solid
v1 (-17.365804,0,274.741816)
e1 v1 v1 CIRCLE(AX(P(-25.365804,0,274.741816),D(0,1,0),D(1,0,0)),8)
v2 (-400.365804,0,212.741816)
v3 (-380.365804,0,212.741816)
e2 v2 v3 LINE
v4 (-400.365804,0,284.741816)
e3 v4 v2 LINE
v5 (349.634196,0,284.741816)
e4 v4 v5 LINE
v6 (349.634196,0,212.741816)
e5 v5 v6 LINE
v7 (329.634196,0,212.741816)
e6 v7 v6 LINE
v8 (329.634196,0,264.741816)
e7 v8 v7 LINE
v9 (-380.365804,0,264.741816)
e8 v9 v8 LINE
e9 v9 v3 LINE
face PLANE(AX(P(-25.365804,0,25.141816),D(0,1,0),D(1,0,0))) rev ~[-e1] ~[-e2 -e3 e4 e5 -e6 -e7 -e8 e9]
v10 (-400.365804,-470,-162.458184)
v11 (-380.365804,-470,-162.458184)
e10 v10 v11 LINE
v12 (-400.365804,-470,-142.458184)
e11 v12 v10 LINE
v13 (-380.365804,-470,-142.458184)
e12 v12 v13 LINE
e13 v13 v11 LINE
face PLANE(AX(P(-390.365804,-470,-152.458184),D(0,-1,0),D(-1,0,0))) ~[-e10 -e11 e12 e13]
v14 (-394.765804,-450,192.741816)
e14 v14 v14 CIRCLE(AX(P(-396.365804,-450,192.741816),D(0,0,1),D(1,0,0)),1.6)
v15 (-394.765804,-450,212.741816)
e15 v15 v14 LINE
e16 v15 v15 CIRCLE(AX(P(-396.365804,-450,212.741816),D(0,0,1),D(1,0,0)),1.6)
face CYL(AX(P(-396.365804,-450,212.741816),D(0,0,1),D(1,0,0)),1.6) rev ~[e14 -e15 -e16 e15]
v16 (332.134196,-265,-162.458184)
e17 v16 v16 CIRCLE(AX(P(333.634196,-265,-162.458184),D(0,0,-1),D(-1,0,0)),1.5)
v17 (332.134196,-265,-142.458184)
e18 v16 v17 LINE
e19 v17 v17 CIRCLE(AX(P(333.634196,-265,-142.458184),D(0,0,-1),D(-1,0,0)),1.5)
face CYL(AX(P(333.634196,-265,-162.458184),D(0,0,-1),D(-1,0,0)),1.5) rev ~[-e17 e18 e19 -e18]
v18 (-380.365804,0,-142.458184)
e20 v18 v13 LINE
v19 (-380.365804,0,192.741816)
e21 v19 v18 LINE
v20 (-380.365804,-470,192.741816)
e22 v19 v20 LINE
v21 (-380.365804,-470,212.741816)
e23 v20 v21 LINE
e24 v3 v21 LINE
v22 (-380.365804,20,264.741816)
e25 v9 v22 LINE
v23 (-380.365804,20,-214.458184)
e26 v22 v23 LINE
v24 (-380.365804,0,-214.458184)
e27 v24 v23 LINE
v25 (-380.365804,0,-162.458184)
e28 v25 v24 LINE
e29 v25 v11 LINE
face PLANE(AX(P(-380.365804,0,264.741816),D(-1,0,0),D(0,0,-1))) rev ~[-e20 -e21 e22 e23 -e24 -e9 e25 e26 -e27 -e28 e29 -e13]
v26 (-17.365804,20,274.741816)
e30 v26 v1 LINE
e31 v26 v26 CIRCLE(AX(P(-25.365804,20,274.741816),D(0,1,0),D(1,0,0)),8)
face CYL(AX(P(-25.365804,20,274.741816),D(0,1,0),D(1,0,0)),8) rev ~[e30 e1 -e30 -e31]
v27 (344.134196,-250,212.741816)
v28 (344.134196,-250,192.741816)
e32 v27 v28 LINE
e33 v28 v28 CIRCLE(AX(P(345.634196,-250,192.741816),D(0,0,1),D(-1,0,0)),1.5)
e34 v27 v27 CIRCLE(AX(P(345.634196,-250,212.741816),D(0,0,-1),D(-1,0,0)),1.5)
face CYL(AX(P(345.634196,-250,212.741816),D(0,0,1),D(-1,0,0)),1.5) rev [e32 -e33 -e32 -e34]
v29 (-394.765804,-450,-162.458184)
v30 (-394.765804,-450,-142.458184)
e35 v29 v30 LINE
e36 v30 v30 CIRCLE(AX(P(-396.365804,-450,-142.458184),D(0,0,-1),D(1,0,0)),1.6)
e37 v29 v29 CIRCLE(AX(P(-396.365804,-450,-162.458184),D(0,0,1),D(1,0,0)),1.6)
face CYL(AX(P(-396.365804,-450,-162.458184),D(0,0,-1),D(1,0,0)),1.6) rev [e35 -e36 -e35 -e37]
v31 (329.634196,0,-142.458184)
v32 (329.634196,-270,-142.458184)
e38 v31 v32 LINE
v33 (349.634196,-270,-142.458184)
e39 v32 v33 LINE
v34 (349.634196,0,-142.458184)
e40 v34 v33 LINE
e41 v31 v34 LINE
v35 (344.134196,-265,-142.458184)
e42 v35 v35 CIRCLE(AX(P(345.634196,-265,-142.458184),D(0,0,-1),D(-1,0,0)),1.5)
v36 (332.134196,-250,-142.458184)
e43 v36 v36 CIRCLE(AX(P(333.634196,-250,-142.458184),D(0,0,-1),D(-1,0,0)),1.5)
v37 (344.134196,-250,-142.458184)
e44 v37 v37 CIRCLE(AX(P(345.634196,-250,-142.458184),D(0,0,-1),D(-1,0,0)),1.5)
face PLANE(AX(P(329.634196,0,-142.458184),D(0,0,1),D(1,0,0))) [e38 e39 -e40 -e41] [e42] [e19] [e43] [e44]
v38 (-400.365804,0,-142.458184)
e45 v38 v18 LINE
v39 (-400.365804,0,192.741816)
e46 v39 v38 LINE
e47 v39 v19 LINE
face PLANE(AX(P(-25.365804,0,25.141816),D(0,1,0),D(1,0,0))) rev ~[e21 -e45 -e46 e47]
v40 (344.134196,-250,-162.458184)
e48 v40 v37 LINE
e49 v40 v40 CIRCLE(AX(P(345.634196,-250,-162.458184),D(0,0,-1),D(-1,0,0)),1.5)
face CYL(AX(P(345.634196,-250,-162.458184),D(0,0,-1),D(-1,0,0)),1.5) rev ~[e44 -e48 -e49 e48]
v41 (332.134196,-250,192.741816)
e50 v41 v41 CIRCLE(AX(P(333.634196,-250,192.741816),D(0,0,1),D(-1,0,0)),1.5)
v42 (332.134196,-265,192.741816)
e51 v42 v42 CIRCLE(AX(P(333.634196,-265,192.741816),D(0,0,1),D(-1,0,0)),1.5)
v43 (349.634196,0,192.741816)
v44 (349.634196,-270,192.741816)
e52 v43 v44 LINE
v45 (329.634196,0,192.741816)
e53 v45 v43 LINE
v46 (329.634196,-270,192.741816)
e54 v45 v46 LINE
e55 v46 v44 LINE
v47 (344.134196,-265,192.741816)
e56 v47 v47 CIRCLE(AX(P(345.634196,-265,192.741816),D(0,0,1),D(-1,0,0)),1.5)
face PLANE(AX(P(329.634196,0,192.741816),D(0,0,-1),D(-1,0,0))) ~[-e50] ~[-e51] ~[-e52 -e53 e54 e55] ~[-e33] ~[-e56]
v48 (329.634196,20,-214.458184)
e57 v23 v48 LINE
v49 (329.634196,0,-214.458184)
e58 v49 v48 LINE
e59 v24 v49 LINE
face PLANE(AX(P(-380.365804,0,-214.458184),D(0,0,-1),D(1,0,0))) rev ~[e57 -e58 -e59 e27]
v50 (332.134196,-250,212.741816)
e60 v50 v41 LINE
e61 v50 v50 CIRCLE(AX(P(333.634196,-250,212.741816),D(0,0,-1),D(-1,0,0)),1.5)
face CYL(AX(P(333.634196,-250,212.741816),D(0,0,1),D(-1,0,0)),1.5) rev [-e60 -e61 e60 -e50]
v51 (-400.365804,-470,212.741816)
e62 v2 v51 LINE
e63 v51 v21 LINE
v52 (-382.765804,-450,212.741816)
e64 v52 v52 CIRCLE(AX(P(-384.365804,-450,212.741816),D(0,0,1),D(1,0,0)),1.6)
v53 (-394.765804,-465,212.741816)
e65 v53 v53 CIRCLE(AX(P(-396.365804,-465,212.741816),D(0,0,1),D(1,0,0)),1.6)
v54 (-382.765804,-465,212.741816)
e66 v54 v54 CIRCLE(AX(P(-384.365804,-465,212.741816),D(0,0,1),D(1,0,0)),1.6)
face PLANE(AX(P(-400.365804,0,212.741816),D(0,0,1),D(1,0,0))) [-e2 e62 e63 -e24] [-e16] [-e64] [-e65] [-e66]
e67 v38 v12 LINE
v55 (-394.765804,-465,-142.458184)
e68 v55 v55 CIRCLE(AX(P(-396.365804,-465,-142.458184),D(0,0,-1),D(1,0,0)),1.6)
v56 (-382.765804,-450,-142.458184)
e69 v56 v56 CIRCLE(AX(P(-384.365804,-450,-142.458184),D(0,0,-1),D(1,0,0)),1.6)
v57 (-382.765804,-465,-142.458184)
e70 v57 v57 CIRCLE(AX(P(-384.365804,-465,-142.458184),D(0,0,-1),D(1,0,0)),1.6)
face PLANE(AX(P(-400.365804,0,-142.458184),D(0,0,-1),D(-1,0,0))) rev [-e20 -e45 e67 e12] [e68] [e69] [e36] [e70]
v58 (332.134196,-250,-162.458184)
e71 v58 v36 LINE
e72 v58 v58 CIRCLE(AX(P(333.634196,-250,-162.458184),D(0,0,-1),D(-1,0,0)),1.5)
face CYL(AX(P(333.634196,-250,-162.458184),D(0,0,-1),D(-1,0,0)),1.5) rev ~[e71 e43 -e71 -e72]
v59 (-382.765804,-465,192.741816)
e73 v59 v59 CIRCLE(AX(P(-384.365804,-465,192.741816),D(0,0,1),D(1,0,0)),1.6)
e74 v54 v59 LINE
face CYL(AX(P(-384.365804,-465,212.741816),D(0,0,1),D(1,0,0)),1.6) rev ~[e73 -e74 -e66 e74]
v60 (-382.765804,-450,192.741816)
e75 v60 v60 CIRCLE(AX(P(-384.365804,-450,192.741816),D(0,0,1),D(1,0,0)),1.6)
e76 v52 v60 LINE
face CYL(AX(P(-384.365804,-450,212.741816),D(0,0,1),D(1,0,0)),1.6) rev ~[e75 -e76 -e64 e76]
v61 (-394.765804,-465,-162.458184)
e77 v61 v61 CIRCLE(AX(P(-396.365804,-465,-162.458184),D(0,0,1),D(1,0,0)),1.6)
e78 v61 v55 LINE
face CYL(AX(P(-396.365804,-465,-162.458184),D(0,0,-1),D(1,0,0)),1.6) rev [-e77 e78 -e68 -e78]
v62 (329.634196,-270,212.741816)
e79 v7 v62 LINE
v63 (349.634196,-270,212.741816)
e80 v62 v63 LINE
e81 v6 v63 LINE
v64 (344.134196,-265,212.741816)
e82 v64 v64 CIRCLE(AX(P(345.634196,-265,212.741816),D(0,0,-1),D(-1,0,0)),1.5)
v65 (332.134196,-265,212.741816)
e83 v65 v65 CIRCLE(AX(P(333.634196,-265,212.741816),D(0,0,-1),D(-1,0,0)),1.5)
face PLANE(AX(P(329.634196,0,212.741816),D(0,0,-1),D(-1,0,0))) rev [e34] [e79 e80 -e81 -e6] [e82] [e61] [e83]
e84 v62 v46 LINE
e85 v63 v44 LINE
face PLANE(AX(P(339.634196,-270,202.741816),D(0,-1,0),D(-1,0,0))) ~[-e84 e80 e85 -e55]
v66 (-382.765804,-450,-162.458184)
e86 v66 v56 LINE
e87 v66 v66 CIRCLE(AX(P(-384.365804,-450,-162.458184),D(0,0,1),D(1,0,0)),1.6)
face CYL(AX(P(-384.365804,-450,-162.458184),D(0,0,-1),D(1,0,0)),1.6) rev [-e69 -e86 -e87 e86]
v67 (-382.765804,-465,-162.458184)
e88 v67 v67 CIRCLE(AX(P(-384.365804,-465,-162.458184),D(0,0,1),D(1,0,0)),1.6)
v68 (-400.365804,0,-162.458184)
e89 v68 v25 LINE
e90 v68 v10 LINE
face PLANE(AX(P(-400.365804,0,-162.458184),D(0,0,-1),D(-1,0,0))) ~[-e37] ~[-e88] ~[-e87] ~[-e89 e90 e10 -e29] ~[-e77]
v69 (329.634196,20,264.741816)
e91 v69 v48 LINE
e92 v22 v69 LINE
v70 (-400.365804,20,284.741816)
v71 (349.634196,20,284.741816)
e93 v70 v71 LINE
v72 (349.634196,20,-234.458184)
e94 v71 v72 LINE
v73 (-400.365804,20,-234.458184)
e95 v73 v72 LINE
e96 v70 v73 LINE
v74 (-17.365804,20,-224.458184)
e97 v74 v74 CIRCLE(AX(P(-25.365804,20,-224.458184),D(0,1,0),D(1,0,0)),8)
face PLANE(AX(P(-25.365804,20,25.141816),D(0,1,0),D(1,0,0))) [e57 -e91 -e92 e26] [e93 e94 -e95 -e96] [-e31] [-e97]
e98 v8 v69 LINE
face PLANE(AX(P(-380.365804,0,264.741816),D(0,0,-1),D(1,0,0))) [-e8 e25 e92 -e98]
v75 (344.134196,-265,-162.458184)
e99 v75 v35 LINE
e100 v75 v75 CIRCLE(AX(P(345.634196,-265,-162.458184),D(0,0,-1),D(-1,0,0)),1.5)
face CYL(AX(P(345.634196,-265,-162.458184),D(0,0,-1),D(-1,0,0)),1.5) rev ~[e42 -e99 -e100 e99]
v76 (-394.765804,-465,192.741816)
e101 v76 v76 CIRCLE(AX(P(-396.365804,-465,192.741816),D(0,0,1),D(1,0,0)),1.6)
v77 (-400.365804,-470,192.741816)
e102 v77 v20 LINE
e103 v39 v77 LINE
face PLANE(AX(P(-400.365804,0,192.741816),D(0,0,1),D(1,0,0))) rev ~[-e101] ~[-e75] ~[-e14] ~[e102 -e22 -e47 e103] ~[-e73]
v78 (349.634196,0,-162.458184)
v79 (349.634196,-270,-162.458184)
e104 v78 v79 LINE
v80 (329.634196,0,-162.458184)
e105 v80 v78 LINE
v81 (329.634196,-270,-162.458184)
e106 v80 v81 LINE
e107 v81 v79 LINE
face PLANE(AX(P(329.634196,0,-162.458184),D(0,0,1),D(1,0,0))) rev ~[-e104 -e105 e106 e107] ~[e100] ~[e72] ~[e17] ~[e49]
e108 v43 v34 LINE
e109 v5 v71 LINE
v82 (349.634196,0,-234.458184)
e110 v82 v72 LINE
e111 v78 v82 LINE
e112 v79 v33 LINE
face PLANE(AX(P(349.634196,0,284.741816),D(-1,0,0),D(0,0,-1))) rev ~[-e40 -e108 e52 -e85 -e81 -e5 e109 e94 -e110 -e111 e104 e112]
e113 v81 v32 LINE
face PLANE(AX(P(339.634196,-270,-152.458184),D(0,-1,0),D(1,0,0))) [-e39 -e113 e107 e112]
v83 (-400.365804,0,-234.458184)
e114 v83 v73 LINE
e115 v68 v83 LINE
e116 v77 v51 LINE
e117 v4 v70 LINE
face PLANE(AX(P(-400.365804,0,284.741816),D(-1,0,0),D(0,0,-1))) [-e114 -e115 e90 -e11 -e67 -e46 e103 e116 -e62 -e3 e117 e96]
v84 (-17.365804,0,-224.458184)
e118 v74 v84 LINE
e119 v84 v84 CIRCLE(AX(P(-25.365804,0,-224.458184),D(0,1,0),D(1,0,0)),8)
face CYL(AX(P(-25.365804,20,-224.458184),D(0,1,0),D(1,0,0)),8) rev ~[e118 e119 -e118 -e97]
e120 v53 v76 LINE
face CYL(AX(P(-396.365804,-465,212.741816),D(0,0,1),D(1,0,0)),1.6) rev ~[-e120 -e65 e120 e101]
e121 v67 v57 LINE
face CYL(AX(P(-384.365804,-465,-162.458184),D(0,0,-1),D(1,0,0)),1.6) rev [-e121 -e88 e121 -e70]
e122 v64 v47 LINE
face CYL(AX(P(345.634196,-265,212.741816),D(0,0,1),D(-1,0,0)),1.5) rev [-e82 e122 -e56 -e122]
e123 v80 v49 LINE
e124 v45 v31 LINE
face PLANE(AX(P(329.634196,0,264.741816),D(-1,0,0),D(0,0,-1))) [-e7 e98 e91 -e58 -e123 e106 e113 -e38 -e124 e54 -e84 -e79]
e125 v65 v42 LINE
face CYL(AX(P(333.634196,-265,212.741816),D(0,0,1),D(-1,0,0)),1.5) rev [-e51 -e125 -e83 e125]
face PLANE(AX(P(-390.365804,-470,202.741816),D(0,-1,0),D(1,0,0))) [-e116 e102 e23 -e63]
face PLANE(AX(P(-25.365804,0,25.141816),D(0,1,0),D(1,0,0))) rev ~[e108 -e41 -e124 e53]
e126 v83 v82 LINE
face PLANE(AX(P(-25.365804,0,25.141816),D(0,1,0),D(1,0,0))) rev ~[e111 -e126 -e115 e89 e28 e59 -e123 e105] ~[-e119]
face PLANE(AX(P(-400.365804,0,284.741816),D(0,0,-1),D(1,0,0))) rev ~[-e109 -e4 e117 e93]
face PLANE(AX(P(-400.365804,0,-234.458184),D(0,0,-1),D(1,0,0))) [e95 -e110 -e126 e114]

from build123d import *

# Parameters (mm, degrees)
SKETCH_1_W      = 750
SKETCH_1_H      = 519.2
SKETCH_1_W_2    = 710
SKETCH_1_H_2    = 479.2
EXTRUDE_1_DEPTH = 20
SKETCH_2_W      = 20
SKETCH_2_H      = 20
EXTRUDE_2_DEPTH = 470
SKETCH_6_W      = 20
SKETCH_6_H      = 20
EXTRUDE_4_DEPTH = 270
SKETCH_4_R      = 1.6
EXTRUDE1_DEPTH  = 30
SKETCH_7_R      = 1.5
EXTRUDE2_DEPTH  = 30
SKETCH1_R       = 8
EXTRUDE3_DEPTH  = 20


with BuildPart() as part:
    # 草图1 → 凸台-拉伸1 (new body)
    with BuildSketch(Plane(origin=(0, 0, 0), x_dir=(1, 0, 0), z_dir=(0, 1, 0))):
        with Locations((-25.365803698, -25.141816005)):
            Rectangle(SKETCH_1_W, SKETCH_1_H)
        with Locations((-25.365803698, -25.141816005)):
            Rectangle(SKETCH_1_W_2, SKETCH_1_H_2, mode=Mode.SUBTRACT)
    extrude(amount=EXTRUDE_1_DEPTH)

    # 草图2 → 凸台-拉伸2 (add)
    with BuildSketch(Plane.XZ):
        with Locations((-390.365803698, 202.741816005)):
            Rectangle(SKETCH_2_W, SKETCH_2_H)
    extrude_2 = extrude(amount=EXTRUDE_2_DEPTH)

    # 草图6 → 凸台-拉伸4 (add)
    with BuildSketch(Plane.XZ):
        with Locations((339.634196302, -152.458183995)):
            Rectangle(SKETCH_6_W, SKETCH_6_H)
    extrude_4 = extrude(amount=EXTRUDE_4_DEPTH)

    # 草图4 → Extrude1 (cut)
    with BuildSketch(Plane.XY.offset(212.741816005)):
        with Locations((-396.365803698, -465)):
            Circle(SKETCH_4_R)
        with Locations((-384.365803698, -465)):
            Circle(SKETCH_4_R)
        with Locations((-396.365803698, -450)):
            Circle(SKETCH_4_R)
        with Locations((-384.365803698, -450)):
            Circle(SKETCH_4_R)
    extrude1 = extrude(amount=-EXTRUDE1_DEPTH, mode=Mode.SUBTRACT)

    # 草图7 → Extrude2 (cut)
    with BuildSketch(Plane(origin=(0, 0, -162.458183995), x_dir=(-1, 0, 0), z_dir=(0, 0, -1))):
        with Locations((-345.634196302, -265)):
            Circle(SKETCH_7_R)
        with Locations((-333.634196302, -265)):
            Circle(SKETCH_7_R)
        with Locations((-345.634196302, -250)):
            Circle(SKETCH_7_R)
        with Locations((-333.634196302, -250)):
            Circle(SKETCH_7_R)
    extrude2 = extrude(amount=-EXTRUDE2_DEPTH, mode=Mode.SUBTRACT)

    # Mirror1: 凸台-拉伸2, 凸台-拉伸4, Extrude1, Extrude2 across plane
    add(extrude_2.mirror(Plane.XY.offset(25.141816005)))
    add(extrude_4.mirror(Plane.XY.offset(25.141816005)))
    add(extrude1.mirror(Plane.XY.offset(25.141816005)), mode=Mode.SUBTRACT)
    add(extrude2.mirror(Plane.XY.offset(25.141816005)), mode=Mode.SUBTRACT)

    # Sketch1 → Extrude3 (cut)
    with BuildSketch(Plane(origin=(0, 20, 0), x_dir=(1, 0, 0), z_dir=(0, 1, 0))):
        with Locations((-25.365803698, 224.458183995)):
            Circle(SKETCH1_R)
        with Locations((-25.365803698, -274.741816005)):
            Circle(SKETCH1_R)
    extrude(amount=-EXTRUDE3_DEPTH, mode=Mode.SUBTRACT)


solid = part.part
